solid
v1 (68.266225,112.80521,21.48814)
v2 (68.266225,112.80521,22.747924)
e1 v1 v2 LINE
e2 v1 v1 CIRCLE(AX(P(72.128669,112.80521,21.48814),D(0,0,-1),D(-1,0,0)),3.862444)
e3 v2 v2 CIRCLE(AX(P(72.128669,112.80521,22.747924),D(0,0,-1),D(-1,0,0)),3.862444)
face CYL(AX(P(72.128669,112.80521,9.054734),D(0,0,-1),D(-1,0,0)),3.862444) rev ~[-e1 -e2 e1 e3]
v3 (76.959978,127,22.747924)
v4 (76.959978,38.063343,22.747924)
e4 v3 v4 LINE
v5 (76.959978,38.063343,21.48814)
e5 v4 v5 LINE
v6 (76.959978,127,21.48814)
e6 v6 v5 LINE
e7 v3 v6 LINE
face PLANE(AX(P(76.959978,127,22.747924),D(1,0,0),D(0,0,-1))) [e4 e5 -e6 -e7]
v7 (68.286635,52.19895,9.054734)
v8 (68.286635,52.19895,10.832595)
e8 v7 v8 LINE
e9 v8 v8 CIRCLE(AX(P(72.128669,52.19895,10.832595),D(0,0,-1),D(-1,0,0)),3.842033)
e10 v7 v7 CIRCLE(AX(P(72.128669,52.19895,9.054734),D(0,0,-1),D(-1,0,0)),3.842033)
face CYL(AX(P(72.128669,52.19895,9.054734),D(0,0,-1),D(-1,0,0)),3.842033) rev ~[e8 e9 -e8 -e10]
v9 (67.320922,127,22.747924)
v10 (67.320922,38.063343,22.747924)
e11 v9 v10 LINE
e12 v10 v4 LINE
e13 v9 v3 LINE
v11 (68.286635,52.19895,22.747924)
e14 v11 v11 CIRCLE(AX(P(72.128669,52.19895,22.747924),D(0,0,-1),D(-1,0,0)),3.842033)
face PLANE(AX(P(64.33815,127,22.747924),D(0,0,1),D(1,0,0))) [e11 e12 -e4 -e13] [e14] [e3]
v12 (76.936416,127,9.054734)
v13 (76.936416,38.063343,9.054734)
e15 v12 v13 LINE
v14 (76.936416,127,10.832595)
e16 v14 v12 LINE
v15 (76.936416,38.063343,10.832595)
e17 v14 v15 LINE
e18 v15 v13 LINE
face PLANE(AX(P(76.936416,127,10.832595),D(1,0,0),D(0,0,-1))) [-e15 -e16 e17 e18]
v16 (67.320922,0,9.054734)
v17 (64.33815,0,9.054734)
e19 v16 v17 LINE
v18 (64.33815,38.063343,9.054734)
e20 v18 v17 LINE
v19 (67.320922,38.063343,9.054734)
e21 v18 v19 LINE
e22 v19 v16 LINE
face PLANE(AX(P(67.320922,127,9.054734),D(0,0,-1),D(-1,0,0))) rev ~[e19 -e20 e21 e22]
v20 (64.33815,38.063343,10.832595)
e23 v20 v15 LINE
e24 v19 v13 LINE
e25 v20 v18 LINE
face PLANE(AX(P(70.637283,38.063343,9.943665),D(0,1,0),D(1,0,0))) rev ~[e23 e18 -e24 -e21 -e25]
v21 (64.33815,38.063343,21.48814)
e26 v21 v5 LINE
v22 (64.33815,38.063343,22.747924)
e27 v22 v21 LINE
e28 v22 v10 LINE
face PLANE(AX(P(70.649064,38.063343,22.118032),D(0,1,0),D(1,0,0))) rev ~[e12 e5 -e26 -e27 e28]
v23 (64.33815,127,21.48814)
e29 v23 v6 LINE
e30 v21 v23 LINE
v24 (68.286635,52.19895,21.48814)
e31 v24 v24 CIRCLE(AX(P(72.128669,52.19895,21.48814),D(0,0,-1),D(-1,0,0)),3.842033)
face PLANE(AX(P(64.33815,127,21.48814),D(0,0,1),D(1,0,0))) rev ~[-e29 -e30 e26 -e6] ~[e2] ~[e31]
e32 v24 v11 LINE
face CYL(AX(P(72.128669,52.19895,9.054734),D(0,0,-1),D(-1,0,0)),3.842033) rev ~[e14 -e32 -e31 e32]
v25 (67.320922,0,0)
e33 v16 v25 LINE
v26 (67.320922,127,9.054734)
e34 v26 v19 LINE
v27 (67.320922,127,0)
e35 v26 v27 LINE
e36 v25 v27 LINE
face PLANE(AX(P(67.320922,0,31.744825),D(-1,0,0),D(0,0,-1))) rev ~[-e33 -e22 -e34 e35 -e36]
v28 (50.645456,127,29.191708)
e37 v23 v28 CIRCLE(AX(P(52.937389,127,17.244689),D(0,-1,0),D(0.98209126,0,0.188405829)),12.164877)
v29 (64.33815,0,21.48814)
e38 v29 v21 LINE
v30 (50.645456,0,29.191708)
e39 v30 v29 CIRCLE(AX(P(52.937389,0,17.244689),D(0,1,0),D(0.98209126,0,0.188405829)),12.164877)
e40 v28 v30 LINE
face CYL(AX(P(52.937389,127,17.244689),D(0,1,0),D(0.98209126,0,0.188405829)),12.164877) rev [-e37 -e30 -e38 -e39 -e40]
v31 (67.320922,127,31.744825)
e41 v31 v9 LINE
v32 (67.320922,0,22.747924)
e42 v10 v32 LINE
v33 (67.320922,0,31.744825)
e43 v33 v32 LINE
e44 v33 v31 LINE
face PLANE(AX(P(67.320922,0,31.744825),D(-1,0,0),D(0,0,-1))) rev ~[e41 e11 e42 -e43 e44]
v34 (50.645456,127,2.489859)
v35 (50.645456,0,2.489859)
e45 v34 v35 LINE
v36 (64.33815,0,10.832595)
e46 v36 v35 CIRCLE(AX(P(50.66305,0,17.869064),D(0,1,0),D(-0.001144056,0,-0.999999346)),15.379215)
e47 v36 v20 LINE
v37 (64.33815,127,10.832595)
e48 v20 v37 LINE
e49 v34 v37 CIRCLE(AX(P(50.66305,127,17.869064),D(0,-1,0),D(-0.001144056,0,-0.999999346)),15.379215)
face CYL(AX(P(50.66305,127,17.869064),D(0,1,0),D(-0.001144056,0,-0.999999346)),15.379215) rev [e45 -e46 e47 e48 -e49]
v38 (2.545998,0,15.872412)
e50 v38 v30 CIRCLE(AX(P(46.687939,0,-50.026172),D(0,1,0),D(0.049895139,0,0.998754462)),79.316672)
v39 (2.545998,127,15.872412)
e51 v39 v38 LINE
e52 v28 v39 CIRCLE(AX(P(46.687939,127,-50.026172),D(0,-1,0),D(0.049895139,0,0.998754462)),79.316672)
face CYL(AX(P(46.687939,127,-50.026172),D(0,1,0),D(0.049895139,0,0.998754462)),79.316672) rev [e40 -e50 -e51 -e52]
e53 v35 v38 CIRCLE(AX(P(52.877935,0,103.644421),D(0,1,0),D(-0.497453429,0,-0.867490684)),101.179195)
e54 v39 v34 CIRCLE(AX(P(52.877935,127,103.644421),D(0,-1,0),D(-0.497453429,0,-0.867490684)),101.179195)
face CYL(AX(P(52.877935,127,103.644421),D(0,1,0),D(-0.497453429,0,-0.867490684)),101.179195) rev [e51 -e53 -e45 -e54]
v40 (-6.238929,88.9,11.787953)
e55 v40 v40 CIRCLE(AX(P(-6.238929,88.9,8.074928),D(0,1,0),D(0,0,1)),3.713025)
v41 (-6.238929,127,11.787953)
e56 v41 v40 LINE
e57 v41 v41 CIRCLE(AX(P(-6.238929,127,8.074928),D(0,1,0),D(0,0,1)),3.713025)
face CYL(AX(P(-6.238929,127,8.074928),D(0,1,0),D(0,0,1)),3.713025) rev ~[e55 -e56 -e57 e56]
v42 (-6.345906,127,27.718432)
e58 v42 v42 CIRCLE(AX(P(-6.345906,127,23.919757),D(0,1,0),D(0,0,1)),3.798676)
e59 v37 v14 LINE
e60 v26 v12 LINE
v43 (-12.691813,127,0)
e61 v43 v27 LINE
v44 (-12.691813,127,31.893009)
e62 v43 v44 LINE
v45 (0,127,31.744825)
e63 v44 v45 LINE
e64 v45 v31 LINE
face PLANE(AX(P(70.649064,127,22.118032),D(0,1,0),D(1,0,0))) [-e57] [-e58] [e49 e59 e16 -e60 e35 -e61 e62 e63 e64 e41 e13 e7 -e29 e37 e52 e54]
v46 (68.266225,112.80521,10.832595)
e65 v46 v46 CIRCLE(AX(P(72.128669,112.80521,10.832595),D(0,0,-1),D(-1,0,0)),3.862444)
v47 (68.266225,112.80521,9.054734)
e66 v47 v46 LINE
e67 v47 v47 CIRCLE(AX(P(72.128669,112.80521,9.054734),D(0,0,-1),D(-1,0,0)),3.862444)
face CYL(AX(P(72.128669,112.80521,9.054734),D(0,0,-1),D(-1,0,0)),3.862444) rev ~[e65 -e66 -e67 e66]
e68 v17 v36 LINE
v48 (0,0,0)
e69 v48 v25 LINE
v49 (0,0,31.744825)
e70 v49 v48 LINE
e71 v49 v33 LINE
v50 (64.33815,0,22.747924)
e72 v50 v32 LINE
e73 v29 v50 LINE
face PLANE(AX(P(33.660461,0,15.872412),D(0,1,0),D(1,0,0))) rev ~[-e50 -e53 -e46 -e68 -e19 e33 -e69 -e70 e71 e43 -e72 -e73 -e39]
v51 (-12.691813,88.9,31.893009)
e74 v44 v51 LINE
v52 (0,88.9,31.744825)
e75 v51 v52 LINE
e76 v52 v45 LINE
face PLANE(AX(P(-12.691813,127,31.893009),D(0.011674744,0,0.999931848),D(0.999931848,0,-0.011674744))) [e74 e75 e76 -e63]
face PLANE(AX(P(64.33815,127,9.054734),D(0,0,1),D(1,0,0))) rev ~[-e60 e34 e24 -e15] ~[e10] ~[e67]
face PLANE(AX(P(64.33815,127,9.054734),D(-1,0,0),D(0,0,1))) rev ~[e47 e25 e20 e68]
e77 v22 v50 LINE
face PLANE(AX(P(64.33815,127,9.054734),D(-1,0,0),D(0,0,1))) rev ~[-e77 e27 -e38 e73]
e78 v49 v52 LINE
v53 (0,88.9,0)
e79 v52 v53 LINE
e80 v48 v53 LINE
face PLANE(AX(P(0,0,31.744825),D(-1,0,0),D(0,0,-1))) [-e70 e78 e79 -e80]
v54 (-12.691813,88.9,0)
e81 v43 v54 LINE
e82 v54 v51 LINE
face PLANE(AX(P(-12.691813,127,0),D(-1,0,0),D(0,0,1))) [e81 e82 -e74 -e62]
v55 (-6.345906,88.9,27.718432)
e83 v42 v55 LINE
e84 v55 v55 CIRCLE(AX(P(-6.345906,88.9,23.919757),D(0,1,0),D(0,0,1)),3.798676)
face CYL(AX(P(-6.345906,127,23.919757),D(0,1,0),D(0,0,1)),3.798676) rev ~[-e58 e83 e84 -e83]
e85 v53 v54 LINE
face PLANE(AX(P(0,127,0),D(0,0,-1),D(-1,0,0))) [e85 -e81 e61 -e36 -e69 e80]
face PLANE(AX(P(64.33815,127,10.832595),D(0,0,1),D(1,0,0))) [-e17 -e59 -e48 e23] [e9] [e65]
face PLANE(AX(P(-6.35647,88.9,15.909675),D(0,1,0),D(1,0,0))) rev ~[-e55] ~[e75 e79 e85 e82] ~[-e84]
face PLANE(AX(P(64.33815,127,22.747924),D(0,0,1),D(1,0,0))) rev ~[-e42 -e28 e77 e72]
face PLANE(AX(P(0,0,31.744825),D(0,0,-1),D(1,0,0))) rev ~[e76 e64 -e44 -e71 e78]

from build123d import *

# Parameters (mm, degrees)
SKETCH1_W           = 67.320921889
SKETCH1_H           = 31.744824956
BOSS_EXTRUDE1_DEPTH = 127
BOSS_EXTRUDE2_DEPTH = 38.1
SKETCH3_R           = 3.798675559
CUT_EXTRUDE1_DEPTH  = 53.34
SKETCH4_R           = 3.713025355
CUT_EXTRUDE2_DEPTH  = 72.898
CUT_EXTRUDE3_DEPTH  = 177.8
CUT_EXTRUDE4_DEPTH  = 140.752657
SKETCH7_W           = 12.598265338
SKETCH7_H           = 1.777860749
BOSS_EXTRUDE3_DEPTH = 88.936657
SKETCH8_W           = 12.621827424
SKETCH8_H           = 1.259783395
BOSS_EXTRUDE4_DEPTH = 88.936657
SKETCH9_R           = 3.862443539
CUT_EXTRUDE5_DEPTH  = 31.278657
SKETCH10_R          = 3.842033399
CUT_EXTRUDE6_DEPTH  = 32.548657


with BuildPart() as part:
    # Sketch1 → Boss-Extrude1 (new body)
    with BuildSketch(Plane(origin=(0, 0, 0), x_dir=(1, 0, 0), z_dir=(0, 1, 0))):
        with Locations((33.660460945, -15.872412478)):
            Rectangle(SKETCH1_W, SKETCH1_H)
    extrude(amount=BOSS_EXTRUDE1_DEPTH)

    # Sketch2 → Boss-Extrude2 (add)
    with BuildSketch(Plane(origin=(0, 127, 0), x_dir=(1, 0, 0), z_dir=(0, 1, 0))):
        Polygon((0, 0), (-12.691812955, 0), (-12.691812955, -31.893008725), (0, -31.744824956), align=None)
    extrude(amount=-BOSS_EXTRUDE2_DEPTH)

    # Sketch3 → Cut-Extrude1 (cut)
    with BuildSketch(Plane(origin=(0, 127, 0), x_dir=(1, 0, 0), z_dir=(0, 1, 0))):
        with Locations(Location((-6.345906477, -23.919756544, 0), (0, 0, 270))):
            Circle(SKETCH3_R)
    extrude(amount=-CUT_EXTRUDE1_DEPTH, mode=Mode.SUBTRACT)

    # Sketch4 → Cut-Extrude2 (cut)
    with BuildSketch(Plane(origin=(0, 127, 0), x_dir=(1, 0, 0), z_dir=(0, 1, 0))):
        with Locations(Location((-6.238928802, -8.074927798, 0), (0, 0, 270))):
            Circle(SKETCH4_R)
    extrude(amount=-CUT_EXTRUDE2_DEPTH, mode=Mode.SUBTRACT)

    # Sketch5 → Cut-Extrude3 (cut)
    with BuildSketch(Plane(origin=(0, 127, 0), x_dir=(1, 0, 0), z_dir=(0, 1, 0))):
        with BuildLine():
            ThreePointArc((64.884408785, -12.014730435), (65.337632333, -15.775676375), (64.884408785, -19.536622316))
            ThreePointArc((64.884408785, -19.536622316), (59.764565977, -27.313148833), (50.645455775, -29.191707899))
            ThreePointArc((50.645455775, -29.191707899), (25.520797189, -26.413912497), (2.545998088, -15.872412478))
            ThreePointArc((2.545998088, -15.872412478), (25.757322084, -6.167748294), (50.645455775, -2.489858962))
            ThreePointArc((50.645455775, -2.489858962), (59.21392875, -5.086156005), (64.884408785, -12.014730435))
        make_face()
    extrude(amount=-CUT_EXTRUDE3_DEPTH, mode=Mode.SUBTRACT)

    # Sketch6 → Cut-Extrude4 (cut)
    with BuildSketch(Plane(origin=(0, 127, 0), x_dir=(1, 0, 0), z_dir=(0, 1, 0))):
        Polygon((64.338150371, -15.872412478), (64.338150371, -22.747923603), (67.320921889, -22.747923603), (67.320921889, -9.054734185), (64.338150371, -9.054734185), align=None)
    extrude(amount=-CUT_EXTRUDE4_DEPTH, mode=Mode.SUBTRACT)

    # Sketch7 → Boss-Extrude3 (add)
    with BuildSketch(Plane(origin=(0, 127, 0), x_dir=(1, 0, 0), z_dir=(0, 1, 0))):
        with Locations((70.63728304, -9.94366456)):
            Rectangle(SKETCH7_W, SKETCH7_H)
    extrude(amount=-BOSS_EXTRUDE3_DEPTH)

    # Sketch8 → Boss-Extrude4 (add)
    with BuildSketch(Plane(origin=(0, 127, 0), x_dir=(1, 0, 0), z_dir=(0, 1, 0))):
        with Locations((70.649064083, -22.118031906)):
            Rectangle(SKETCH8_W, SKETCH8_H)
    extrude(amount=-BOSS_EXTRUDE4_DEPTH)

    # Sketch9 → Cut-Extrude5 (cut)
    with BuildSketch(Plane(origin=(0, 0, 9.054734185), x_dir=(-1, 0, 0), z_dir=(0, 0, -1))):
        with Locations((-72.128668799, 112.805210201)):
            Circle(SKETCH9_R)
    extrude(amount=-CUT_EXTRUDE5_DEPTH, mode=Mode.SUBTRACT)

    # Sketch10 → Cut-Extrude6 (cut)
    with BuildSketch(Plane(origin=(0, 0, 9.054734185), x_dir=(-1, 0, 0), z_dir=(0, 0, -1))):
        with Locations((-72.128668799, 52.198950376)):
            Circle(SKETCH10_R)
    extrude(amount=-CUT_EXTRUDE6_DEPTH, mode=Mode.SUBTRACT)


solid = part.part
